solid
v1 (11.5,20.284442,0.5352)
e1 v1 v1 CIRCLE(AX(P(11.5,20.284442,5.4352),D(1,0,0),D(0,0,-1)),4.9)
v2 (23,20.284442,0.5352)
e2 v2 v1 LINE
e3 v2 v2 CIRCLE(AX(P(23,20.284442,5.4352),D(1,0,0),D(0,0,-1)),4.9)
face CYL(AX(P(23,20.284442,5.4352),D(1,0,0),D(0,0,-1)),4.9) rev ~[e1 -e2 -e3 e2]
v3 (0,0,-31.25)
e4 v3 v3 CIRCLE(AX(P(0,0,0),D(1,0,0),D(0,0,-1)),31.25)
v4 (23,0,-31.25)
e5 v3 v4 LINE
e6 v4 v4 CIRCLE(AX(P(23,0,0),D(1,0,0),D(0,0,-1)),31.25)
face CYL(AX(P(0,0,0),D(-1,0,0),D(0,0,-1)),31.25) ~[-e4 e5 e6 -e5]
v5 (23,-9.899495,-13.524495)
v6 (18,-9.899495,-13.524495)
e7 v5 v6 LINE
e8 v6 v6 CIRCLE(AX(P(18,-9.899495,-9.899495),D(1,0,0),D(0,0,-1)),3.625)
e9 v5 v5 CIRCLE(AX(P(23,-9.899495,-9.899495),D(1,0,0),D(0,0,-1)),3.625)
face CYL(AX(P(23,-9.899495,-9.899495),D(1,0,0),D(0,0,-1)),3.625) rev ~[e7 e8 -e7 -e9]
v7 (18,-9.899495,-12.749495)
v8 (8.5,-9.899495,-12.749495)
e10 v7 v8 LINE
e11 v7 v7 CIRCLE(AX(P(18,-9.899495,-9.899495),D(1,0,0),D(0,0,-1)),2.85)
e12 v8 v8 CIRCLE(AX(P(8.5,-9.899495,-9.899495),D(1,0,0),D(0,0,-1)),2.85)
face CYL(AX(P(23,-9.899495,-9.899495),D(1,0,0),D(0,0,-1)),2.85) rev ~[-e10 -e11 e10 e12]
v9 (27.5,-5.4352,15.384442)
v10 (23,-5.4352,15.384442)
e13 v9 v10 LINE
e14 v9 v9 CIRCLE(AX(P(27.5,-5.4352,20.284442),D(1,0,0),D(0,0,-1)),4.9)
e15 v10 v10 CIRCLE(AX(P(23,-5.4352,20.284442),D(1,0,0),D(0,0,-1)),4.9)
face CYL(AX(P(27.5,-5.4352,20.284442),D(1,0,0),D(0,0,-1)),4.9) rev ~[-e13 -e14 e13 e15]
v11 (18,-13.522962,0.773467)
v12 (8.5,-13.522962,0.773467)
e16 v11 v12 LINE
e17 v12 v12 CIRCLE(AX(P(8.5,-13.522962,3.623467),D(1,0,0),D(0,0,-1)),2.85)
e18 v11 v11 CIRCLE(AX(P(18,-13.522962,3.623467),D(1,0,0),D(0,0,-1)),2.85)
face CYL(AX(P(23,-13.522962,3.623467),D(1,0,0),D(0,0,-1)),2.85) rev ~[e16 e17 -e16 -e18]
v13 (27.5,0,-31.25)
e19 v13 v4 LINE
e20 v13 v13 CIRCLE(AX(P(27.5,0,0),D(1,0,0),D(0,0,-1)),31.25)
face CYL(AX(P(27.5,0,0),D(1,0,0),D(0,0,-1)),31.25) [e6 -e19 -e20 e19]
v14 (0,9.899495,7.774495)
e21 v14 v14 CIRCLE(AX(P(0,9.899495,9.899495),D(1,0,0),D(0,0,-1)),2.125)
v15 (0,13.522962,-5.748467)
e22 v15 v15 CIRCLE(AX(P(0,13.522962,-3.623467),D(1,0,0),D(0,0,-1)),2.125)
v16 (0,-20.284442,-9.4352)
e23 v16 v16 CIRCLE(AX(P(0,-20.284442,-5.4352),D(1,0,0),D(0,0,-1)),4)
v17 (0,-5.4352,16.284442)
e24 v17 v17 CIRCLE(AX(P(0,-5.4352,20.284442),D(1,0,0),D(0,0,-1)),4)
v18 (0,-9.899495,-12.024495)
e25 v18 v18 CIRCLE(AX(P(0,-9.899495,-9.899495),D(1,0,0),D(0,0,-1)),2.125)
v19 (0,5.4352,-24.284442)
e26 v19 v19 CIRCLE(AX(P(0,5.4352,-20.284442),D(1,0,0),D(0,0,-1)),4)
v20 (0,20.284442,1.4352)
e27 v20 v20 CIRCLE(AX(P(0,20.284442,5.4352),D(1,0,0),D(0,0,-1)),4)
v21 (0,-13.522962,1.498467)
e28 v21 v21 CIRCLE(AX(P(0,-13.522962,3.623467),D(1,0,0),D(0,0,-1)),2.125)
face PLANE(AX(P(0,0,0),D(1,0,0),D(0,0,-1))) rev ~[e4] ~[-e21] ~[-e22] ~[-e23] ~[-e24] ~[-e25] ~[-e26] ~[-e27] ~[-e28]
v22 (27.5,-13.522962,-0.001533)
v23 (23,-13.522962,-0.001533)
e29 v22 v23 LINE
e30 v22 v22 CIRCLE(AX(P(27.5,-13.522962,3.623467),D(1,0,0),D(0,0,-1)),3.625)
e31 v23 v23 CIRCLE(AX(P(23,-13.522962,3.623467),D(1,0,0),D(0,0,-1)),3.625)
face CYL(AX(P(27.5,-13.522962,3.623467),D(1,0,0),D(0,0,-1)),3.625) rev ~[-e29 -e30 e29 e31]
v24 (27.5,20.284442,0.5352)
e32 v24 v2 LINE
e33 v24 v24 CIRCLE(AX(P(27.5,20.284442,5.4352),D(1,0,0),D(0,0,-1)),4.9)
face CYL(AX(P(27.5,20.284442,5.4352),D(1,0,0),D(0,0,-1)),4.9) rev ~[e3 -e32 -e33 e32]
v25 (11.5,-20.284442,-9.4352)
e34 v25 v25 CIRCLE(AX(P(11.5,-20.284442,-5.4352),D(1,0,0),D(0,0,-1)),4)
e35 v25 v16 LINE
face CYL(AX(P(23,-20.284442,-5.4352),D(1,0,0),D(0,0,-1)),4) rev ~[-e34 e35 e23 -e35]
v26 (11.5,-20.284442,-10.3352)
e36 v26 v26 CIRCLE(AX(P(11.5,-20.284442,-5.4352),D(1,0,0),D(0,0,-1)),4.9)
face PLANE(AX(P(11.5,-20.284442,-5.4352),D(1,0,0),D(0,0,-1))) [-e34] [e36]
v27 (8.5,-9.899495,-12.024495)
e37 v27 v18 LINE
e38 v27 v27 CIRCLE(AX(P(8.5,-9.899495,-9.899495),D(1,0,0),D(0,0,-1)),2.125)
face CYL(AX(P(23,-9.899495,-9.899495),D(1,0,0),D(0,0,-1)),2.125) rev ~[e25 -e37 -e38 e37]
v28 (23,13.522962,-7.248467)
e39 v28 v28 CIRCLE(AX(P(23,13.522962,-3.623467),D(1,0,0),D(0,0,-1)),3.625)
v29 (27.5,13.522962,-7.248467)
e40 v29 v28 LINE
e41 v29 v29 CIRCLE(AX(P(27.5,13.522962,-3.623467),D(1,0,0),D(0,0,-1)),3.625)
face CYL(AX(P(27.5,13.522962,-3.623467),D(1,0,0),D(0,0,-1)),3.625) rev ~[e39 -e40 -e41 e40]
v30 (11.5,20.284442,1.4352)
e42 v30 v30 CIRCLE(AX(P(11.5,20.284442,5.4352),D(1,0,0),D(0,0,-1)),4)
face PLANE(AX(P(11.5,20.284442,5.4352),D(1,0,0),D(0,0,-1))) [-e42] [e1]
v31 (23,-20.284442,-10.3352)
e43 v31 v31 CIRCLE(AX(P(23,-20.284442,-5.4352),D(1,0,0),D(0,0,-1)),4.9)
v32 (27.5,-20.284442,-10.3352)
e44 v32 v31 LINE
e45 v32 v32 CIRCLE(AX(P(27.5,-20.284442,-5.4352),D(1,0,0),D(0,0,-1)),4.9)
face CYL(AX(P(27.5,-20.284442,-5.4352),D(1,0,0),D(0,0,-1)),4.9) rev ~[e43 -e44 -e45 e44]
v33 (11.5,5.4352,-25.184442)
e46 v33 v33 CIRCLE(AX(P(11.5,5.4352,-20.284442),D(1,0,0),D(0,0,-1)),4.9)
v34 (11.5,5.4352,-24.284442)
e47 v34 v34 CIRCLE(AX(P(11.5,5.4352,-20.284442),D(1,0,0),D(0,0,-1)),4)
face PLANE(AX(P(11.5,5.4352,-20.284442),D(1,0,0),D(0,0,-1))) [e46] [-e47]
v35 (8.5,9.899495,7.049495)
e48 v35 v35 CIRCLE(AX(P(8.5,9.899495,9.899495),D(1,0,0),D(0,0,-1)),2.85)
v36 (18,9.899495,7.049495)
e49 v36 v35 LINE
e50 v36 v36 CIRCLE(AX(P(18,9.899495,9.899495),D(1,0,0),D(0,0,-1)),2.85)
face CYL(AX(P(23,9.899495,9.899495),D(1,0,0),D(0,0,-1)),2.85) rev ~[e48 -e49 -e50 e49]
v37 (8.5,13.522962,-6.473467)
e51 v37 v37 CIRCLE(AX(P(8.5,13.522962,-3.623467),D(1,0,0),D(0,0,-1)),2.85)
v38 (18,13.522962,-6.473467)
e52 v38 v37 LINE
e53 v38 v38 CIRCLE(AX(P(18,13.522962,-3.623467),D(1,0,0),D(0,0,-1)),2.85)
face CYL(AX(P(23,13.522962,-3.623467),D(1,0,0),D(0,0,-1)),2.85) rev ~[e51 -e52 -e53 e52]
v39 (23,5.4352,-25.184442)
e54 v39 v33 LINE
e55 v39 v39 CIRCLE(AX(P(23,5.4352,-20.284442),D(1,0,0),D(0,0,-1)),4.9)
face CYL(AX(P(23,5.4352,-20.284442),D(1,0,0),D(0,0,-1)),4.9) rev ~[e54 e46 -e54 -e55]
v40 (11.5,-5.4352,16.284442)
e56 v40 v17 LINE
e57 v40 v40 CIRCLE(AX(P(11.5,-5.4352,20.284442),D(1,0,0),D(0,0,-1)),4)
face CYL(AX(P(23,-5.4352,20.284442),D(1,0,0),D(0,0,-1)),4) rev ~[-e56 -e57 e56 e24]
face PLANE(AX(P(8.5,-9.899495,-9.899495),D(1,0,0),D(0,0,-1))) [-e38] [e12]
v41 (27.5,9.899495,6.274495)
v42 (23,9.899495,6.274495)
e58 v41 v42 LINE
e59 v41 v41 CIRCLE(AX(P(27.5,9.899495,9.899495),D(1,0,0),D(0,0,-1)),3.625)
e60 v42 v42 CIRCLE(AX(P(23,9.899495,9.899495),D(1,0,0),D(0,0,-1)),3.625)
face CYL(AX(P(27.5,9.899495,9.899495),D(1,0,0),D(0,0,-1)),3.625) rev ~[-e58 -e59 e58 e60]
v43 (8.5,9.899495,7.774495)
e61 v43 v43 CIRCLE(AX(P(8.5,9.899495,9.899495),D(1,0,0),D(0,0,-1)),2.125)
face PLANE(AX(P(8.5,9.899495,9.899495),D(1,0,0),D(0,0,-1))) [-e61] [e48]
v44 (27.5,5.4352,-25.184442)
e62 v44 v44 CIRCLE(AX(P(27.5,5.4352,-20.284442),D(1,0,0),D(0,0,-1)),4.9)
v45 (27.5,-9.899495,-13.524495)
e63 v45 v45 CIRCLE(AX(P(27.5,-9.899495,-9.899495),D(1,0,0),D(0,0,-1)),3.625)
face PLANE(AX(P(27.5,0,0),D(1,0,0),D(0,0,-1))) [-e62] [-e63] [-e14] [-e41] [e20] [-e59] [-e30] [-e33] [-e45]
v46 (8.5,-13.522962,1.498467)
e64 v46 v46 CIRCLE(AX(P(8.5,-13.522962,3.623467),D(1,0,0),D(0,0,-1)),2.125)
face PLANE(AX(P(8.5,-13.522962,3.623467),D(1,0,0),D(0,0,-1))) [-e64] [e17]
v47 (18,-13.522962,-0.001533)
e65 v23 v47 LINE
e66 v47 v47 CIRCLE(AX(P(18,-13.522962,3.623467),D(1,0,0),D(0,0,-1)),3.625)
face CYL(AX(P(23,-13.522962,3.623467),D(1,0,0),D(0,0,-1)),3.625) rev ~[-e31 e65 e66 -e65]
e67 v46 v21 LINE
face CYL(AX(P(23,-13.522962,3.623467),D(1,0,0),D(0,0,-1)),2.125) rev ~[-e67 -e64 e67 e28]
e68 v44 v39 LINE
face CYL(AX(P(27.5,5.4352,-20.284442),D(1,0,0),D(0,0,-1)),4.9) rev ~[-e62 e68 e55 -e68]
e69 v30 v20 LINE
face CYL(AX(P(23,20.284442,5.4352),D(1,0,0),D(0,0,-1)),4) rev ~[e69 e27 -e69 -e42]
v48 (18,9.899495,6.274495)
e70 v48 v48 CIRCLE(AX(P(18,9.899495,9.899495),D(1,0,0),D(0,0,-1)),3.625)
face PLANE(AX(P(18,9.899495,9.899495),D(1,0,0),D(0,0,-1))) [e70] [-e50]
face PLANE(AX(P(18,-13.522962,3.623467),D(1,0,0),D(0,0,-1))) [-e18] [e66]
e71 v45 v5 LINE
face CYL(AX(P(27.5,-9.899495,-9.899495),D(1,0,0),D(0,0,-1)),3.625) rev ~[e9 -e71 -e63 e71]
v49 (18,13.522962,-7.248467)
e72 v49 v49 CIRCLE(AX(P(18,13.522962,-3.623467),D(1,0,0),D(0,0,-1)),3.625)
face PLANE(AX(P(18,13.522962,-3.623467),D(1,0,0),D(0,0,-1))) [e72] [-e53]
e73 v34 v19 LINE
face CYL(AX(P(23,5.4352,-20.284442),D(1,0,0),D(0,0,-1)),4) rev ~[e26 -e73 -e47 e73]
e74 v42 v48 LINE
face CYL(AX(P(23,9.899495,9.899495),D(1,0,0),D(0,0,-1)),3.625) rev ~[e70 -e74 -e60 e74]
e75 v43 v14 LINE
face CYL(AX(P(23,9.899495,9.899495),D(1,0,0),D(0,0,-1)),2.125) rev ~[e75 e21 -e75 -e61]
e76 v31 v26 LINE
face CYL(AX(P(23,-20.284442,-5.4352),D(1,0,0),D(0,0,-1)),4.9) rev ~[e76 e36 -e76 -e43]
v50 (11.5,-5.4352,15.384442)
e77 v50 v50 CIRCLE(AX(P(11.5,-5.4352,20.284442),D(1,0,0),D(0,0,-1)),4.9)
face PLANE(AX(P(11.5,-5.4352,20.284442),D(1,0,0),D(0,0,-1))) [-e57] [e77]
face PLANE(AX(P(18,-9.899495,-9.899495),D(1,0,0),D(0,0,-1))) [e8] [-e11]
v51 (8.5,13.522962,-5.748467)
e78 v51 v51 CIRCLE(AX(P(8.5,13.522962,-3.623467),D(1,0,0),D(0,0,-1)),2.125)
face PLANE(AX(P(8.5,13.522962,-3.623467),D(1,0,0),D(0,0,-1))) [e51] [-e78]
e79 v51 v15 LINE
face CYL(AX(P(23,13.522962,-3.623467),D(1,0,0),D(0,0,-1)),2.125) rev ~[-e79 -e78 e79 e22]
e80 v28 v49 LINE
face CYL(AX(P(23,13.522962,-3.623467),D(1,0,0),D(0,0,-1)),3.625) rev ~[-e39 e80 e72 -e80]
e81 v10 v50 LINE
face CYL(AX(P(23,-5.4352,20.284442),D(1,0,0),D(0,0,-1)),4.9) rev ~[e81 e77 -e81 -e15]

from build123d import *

# Parameters (mm, degrees)
SKETCH1_R           = 31.25
BOSS_EXTRUDE1_DEPTH = 23
SKETCH6_R           = 4
CUT_EXTRUDE3_DEPTH  = 50.820929337
SKETCH7_R           = 4.9
CUT_EXTRUDE4_DEPTH  = 11.5
SKETCH2_R           = 2.125
CUT_EXTRUDE2_DEPTH  = 50.820929337
SKETCH8_R           = 2.85
SKETCH8_R_2         = 2.125
CUT_EXTRUDE5_DEPTH  = 14.5
SKETCH9_R           = 3.625
CUT_EXTRUDE6_DEPTH  = 5
BOSS_EXTRUDE2_START = 4.5
SKETCH10_R          = 31.25
SKETCH10_R_2        = 3.625
SKETCH10_R_3        = 4.9
BOSS_EXTRUDE2_DEPTH = 4.5


with BuildPart() as part:
    # Sketch1 → Boss-Extrude1 (new body)
    with BuildSketch(Plane(origin=(0, 0, 0), x_dir=(0, 0, -1), z_dir=(1, 0, 0))):
        Circle(SKETCH1_R)
    extrude(amount=BOSS_EXTRUDE1_DEPTH)

    # Sketch6 → Cut-Extrude3 (cut, through all)
    with BuildSketch(Plane(origin=(23, 0, 0), x_dir=(0, 0, -1), z_dir=(1, 0, 0))):
        with Locations((-5.435199947, 20.284442352)):
            Circle(SKETCH6_R)
        with Locations((20.284442352, 5.435199947)):
            Circle(SKETCH6_R)
        with Locations((5.435199947, -20.284442352)):
            Circle(SKETCH6_R)
        with Locations((-20.284442352, -5.435199947)):
            Circle(SKETCH6_R)
    extrude(amount=-CUT_EXTRUDE3_DEPTH, mode=Mode.SUBTRACT)

    # Sketch7 → Cut-Extrude4 (cut)
    with BuildSketch(Plane(origin=(23, 0, 0), x_dir=(0, 0, -1), z_dir=(1, 0, 0))):
        with Locations((-5.435199947, 20.284442352)):
            Circle(SKETCH7_R)
        with Locations((20.284442352, 5.435199947)):
            Circle(SKETCH7_R)
        with Locations((5.435199947, -20.284442352)):
            Circle(SKETCH7_R)
        with Locations((-20.284442352, -5.435199947)):
            Circle(SKETCH7_R)
    extrude(amount=-CUT_EXTRUDE4_DEPTH, mode=Mode.SUBTRACT)

    # Sketch2 → Cut-Extrude2 (cut, through all)
    with BuildSketch(Plane(origin=(23, 0, 0), x_dir=(0, 0, -1), z_dir=(1, 0, 0))):
        with Locations((-9.899494937, 9.899494937)):
            Circle(SKETCH2_R)
        with Locations((3.623466631, 13.522961568)):
            Circle(SKETCH2_R)
        with Locations((9.899494937, -9.899494937)):
            Circle(SKETCH2_R)
        with Locations((-3.623466631, -13.522961568)):
            Circle(SKETCH2_R)
    extrude(amount=-CUT_EXTRUDE2_DEPTH, mode=Mode.SUBTRACT)

    # Sketch8 → Cut-Extrude5 (cut)
    # profile 1 of 8: a face of its own
    with BuildSketch(Plane(origin=(23, 0, 0), x_dir=(0, 0, -1), z_dir=(1, 0, 0))):
        with Locations((-9.899494937, 9.899494937)):
            Circle(SKETCH8_R)
        with Locations((-9.899494937, 9.899494937)):
            Circle(SKETCH8_R_2, mode=Mode.SUBTRACT)
    # profile 2 of 8: a face of its own
    with BuildSketch(Plane(origin=(23, 0, 0), x_dir=(0, 0, -1), z_dir=(1, 0, 0))):
        with Locations((-9.899494937, 9.899494937)):
            Circle(SKETCH8_R_2)
    # profile 3 of 8: a face of its own
    with BuildSketch(Plane(origin=(23, 0, 0), x_dir=(0, 0, -1), z_dir=(1, 0, 0))):
        with Locations((3.623466631, 13.522961568)):
            Circle(SKETCH8_R)
        with Locations((3.623466631, 13.522961568)):
            Circle(SKETCH8_R_2, mode=Mode.SUBTRACT)
    # profile 4 of 8: a face of its own
    with BuildSketch(Plane(origin=(23, 0, 0), x_dir=(0, 0, -1), z_dir=(1, 0, 0))):
        with Locations((3.623466631, 13.522961568)):
            Circle(SKETCH8_R_2)
    # profile 5 of 8: a face of its own
    with BuildSketch(Plane(origin=(23, 0, 0), x_dir=(0, 0, -1), z_dir=(1, 0, 0))):
        with Locations((9.899494937, -9.899494937)):
            Circle(SKETCH8_R)
        with Locations((9.899494937, -9.899494937)):
            Circle(SKETCH8_R_2, mode=Mode.SUBTRACT)
    # profile 6 of 8: a face of its own
    with BuildSketch(Plane(origin=(23, 0, 0), x_dir=(0, 0, -1), z_dir=(1, 0, 0))):
        with Locations((9.899494937, -9.899494937)):
            Circle(SKETCH8_R_2)
    # profile 7 of 8: a face of its own
    with BuildSketch(Plane(origin=(23, 0, 0), x_dir=(0, 0, -1), z_dir=(1, 0, 0))):
        with Locations((-3.623466631, -13.522961568)):
            Circle(SKETCH8_R)
        with Locations((-3.623466631, -13.522961568)):
            Circle(SKETCH8_R_2, mode=Mode.SUBTRACT)
    # profile 8 of 8: a face of its own
    with BuildSketch(Plane(origin=(23, 0, 0), x_dir=(0, 0, -1), z_dir=(1, 0, 0))):
        with Locations((-3.623466631, -13.522961568)):
            Circle(SKETCH8_R_2)
    extrude(amount=-CUT_EXTRUDE5_DEPTH, mode=Mode.SUBTRACT)

    # Sketch9 → Cut-Extrude6 (cut)
    with BuildSketch(Plane(origin=(23, 0, 0), x_dir=(0, 0, -1), z_dir=(1, 0, 0))):
        with Locations((-9.899494937, 9.899494937)):
            Circle(SKETCH9_R)
        with Locations((3.623466631, 13.522961568)):
            Circle(SKETCH9_R)
        with Locations((9.899494937, -9.899494937)):
            Circle(SKETCH9_R)
        with Locations((-3.623466631, -13.522961568)):
            Circle(SKETCH9_R)
    extrude(amount=-CUT_EXTRUDE6_DEPTH, mode=Mode.SUBTRACT)

    # Sketch10 → Boss-Extrude2 (add)
    with BuildSketch(Plane(origin=(23, 0, 0), x_dir=(0, 0, -1), z_dir=(1, 0, 0)).offset(BOSS_EXTRUDE2_START)):
        Circle(SKETCH10_R)
        with Locations((-3.623466631, -13.522961568)):
            Circle(SKETCH10_R_2, mode=Mode.SUBTRACT)
        with Locations((-9.899494937, 9.899494937)):
            Circle(SKETCH10_R_2, mode=Mode.SUBTRACT)
        with Locations((-5.435199947, 20.284442352)):
            Circle(SKETCH10_R_3, mode=Mode.SUBTRACT)
        with Locations((20.284442352, 5.435199947)):
            Circle(SKETCH10_R_3, mode=Mode.SUBTRACT)
        with Locations((5.435199947, -20.284442352)):
            Circle(SKETCH10_R_3, mode=Mode.SUBTRACT)
        with Locations((-20.284442352, -5.435199947)):
            Circle(SKETCH10_R_3, mode=Mode.SUBTRACT)
        with Locations((3.623466631, 13.522961568)):
            Circle(SKETCH10_R_2, mode=Mode.SUBTRACT)
        with Locations((9.899494937, -9.899494937)):
            Circle(SKETCH10_R_2, mode=Mode.SUBTRACT)
    extrude(amount=-BOSS_EXTRUDE2_DEPTH)


solid = part.part
